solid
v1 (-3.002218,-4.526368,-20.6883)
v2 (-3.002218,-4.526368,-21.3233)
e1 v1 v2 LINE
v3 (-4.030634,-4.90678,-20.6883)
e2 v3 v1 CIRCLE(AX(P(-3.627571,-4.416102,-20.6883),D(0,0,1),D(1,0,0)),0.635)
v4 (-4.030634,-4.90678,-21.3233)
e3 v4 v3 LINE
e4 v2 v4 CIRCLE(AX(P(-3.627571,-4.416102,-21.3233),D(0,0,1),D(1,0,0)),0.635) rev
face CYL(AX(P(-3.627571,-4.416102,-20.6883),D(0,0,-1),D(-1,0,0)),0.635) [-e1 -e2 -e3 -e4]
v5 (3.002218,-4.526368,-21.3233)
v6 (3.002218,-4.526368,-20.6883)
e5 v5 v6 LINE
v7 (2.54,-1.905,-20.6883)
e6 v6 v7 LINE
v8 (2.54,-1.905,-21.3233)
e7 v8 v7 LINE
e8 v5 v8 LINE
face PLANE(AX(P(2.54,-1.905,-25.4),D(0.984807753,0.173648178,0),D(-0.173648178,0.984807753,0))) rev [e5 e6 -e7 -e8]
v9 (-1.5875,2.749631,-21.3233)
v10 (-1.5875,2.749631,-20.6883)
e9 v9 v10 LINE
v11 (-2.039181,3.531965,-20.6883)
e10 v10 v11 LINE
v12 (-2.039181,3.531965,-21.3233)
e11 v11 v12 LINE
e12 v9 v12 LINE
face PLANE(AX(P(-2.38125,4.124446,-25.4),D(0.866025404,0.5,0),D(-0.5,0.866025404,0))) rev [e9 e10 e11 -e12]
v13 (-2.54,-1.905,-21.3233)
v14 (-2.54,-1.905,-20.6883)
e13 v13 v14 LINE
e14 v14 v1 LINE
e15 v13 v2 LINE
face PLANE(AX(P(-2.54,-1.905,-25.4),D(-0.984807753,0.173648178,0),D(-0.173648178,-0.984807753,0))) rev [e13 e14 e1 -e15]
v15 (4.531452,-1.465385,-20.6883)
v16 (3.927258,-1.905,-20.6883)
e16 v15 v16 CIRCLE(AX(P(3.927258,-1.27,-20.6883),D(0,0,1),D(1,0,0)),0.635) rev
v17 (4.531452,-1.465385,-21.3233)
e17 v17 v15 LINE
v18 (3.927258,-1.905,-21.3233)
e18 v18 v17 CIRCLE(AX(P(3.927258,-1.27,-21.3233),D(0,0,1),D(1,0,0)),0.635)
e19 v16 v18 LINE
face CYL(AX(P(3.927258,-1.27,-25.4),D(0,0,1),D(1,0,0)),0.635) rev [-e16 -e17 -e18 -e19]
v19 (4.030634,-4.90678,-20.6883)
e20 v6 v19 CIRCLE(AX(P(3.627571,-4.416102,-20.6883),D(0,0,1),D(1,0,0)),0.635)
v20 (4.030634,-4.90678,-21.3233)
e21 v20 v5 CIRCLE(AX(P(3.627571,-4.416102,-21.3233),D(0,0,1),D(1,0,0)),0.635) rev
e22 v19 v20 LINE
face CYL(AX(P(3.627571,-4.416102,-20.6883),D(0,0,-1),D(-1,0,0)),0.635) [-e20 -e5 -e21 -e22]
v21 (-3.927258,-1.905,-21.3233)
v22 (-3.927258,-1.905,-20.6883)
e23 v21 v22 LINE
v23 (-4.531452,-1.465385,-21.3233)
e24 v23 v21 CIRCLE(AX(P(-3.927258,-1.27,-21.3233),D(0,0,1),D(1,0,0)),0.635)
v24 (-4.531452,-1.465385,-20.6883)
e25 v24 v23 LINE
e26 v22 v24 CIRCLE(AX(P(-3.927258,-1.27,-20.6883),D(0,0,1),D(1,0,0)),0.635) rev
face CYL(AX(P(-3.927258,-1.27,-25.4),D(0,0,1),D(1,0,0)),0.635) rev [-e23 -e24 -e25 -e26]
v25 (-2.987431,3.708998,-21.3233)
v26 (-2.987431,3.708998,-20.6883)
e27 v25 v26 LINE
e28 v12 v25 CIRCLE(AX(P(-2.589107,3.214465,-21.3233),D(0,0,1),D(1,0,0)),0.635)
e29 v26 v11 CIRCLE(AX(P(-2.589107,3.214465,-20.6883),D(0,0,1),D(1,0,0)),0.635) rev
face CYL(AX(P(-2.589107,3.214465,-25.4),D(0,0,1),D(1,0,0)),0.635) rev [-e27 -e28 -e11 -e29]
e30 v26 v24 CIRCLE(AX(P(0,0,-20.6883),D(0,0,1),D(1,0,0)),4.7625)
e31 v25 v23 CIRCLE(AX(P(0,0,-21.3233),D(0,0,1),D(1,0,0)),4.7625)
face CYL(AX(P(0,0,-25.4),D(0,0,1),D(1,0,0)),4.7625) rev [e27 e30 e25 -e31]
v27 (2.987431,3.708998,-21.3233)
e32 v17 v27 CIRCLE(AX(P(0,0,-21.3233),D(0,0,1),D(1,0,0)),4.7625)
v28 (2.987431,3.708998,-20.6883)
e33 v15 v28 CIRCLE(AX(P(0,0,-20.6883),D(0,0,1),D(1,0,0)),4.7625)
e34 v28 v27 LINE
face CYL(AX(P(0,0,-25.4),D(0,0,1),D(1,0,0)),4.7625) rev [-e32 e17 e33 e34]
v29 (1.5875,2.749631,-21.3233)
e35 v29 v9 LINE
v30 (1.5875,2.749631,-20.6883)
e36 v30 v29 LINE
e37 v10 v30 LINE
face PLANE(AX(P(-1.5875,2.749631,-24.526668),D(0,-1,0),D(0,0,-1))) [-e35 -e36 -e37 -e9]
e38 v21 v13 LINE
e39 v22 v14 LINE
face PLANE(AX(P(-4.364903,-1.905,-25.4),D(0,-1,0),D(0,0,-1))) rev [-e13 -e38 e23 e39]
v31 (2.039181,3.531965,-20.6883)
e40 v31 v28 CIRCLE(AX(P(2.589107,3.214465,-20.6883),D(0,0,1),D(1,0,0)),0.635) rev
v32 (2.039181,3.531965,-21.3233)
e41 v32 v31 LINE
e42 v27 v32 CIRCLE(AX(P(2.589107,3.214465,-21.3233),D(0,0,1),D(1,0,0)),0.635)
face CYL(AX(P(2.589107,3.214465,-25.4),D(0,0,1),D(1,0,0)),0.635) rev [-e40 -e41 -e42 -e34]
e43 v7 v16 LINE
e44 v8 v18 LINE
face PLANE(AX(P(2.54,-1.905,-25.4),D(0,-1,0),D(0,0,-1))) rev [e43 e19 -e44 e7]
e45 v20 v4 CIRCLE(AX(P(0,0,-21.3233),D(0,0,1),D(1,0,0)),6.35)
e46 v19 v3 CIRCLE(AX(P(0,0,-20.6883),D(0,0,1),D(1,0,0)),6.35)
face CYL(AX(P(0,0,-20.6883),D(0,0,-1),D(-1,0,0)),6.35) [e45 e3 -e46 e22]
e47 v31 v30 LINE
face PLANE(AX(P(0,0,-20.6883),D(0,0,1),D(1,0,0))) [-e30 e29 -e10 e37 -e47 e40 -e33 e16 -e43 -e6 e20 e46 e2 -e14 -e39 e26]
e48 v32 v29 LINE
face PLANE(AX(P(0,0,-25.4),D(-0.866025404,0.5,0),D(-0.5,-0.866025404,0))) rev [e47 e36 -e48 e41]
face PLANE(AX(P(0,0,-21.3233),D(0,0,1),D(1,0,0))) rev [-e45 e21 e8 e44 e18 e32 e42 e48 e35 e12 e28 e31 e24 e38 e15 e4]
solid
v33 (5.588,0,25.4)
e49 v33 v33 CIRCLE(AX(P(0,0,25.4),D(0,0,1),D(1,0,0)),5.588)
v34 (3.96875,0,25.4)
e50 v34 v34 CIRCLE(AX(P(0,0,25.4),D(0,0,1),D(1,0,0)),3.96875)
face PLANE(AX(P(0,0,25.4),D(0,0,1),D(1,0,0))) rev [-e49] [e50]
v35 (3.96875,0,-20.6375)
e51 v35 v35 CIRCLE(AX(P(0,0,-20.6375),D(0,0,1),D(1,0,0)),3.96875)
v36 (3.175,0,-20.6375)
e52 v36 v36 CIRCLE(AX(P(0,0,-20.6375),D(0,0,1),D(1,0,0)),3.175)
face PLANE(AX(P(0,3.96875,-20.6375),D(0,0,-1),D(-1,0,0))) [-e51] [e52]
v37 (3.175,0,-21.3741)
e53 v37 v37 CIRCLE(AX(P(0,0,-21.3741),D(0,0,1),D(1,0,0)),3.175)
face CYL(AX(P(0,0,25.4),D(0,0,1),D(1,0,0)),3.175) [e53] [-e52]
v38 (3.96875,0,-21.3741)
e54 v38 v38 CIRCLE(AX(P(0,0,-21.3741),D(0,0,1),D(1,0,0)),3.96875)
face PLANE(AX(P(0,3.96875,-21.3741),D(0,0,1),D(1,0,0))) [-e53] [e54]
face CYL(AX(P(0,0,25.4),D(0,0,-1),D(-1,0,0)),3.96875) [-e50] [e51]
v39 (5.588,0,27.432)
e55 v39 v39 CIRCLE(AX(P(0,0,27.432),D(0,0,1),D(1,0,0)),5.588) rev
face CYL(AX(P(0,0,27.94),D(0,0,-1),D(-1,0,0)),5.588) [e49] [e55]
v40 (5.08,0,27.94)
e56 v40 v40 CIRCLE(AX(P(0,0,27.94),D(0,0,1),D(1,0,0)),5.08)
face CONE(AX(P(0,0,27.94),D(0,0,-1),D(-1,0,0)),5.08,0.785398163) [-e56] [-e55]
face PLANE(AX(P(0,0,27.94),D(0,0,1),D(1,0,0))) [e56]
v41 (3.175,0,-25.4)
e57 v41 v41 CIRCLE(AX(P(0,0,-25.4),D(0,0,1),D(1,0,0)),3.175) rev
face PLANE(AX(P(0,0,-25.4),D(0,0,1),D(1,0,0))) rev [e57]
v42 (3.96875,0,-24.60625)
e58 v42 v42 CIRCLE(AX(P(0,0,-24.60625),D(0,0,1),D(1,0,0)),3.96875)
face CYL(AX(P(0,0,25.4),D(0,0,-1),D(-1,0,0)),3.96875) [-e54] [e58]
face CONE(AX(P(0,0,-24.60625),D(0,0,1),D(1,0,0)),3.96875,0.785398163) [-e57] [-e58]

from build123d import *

# Parameters (mm, degrees)
SKETCH2_R      = 3.96875
EXTRUDE1_DEPTH = 25.4
SKETCH3_W      = 0.7366
SKETCH3_H      = 0.79375
SKETCH8_R      = 5.588
EXTRUDE6_DEPTH = 2.54
CHAMFER2_SIZE  = 0.508
SKETCH4_R      = 6.35
SKETCH4_R_2    = 3.175
EXTRUDE2_DEPTH = 0.3175
EXTRUDE4_DEPTH = 30.347718821
EXTRUDE5_DEPTH = 0.635
FILLET1_R      = 0.635
CHAMFER1_SIZE  = 0.79375


with BuildPart() as part:
    # Sketch2 → Extrude1 (new, symmetric)
    with BuildSketch(Plane.XY):
        Circle(SKETCH2_R)
    extrude(amount=EXTRUDE1_DEPTH, both=True)

    # Sketch3 → Cut-Revolve1 (revolve, cut)
    with BuildSketch(Plane(origin=(0, 0, 0), x_dir=(0, 0, -1), z_dir=(1, 0, 0)), mode=Mode.PRIVATE) as cut_revolve1_sk:
        with Locations((21.0058, 3.571875)):
            Rectangle(SKETCH3_W, SKETCH3_H)
    revolve(cut_revolve1_sk.sketch.rotate(Axis((0, 0, 25.4), (0, 0, -1)), 90), axis=Axis((0, 0, 25.4), (0, 0, -1)), mode=Mode.SUBTRACT)

    # Sketch8 → Extrude6 (add)
    with BuildSketch(Plane.XY.offset(25.4)):
        Circle(SKETCH8_R)
    extrude(amount=EXTRUDE6_DEPTH)

    # Chamfer2
    chamfer2_edges = [part.edges().sort_by_distance(p)[0] for p in [
        (-5.588, 0, 27.94),
    ]]
    chamfer(chamfer2_edges, length=CHAMFER2_SIZE)

    # Chamfer1
    chamfer1_edges = [part.edges().sort_by_distance(p)[0] for p in [
        (-3.96875, 0, -25.4),
    ]]
    chamfer(chamfer1_edges, length=CHAMFER1_SIZE)


with BuildPart() as body_2:
    # Sketch4 → Extrude2 (new, symmetric)
    with BuildSketch(Plane.XY.offset(-21.0058)):
        Circle(SKETCH4_R)
        Circle(SKETCH4_R_2, mode=Mode.SUBTRACT)
    extrude(amount=EXTRUDE2_DEPTH, both=True)

    # Sketch5 → Extrude4 (cut, through all)
    with BuildSketch(Plane.XY):
        with BuildLine():
            Line((-2.38125, 4.124445986), (0, 0))
            Line((0, 0), (2.38125, 4.124445986))
            ThreePointArc((2.38125, 4.124445986), (4.523958552, 1.488356568), (4.364903349, -1.905))
            Line((4.364903349, -1.905), (2.54, -1.905))
            Line((2.54, -1.905), (3.173879308, -5.499908194))
            ThreePointArc((3.173879308, -5.499908194), (0, -6.35), (-3.173879308, -5.499908194))
            Line((-3.173879308, -5.499908194), (-2.54, -1.905))
            Line((-2.54, -1.905), (-4.364903349, -1.905))
            ThreePointArc((-4.364903349, -1.905), (-4.523958552, 1.488356568), (-2.38125, 4.124445986))
        make_face()
    extrude(amount=-EXTRUDE4_DEPTH, mode=Mode.SUBTRACT)

    # Sketch6 → Extrude5 (add)
    with BuildSketch(Plane.XY.offset(-20.6883)):
        with BuildLine():
            Line((-1.5875, 2.749630657), (1.5875, 2.749630657))
            ThreePointArc((1.5875, 2.749630657), (0, 3.175), (-1.5875, 2.749630657))
        make_face()
    extrude(amount=-EXTRUDE5_DEPTH)

    # Fillet1
    fillet1_edges = [body_2.edges().sort_by_distance(p)[0] for p in [
        (2.38125, 4.124445986, -21.0058),
        (3.173879308, -5.499908194, -21.0058),
        (-4.364903349, -1.905, -21.0058),
        (4.364903349, -1.905, -21.0058),
        (-3.173879308, -5.499908194, -21.0058),
        (-2.38125, 4.124445986, -21.0058),
    ]]
    fillet(fillet1_edges, radius=FILLET1_R)


solid = Compound([part.part, body_2.part])
